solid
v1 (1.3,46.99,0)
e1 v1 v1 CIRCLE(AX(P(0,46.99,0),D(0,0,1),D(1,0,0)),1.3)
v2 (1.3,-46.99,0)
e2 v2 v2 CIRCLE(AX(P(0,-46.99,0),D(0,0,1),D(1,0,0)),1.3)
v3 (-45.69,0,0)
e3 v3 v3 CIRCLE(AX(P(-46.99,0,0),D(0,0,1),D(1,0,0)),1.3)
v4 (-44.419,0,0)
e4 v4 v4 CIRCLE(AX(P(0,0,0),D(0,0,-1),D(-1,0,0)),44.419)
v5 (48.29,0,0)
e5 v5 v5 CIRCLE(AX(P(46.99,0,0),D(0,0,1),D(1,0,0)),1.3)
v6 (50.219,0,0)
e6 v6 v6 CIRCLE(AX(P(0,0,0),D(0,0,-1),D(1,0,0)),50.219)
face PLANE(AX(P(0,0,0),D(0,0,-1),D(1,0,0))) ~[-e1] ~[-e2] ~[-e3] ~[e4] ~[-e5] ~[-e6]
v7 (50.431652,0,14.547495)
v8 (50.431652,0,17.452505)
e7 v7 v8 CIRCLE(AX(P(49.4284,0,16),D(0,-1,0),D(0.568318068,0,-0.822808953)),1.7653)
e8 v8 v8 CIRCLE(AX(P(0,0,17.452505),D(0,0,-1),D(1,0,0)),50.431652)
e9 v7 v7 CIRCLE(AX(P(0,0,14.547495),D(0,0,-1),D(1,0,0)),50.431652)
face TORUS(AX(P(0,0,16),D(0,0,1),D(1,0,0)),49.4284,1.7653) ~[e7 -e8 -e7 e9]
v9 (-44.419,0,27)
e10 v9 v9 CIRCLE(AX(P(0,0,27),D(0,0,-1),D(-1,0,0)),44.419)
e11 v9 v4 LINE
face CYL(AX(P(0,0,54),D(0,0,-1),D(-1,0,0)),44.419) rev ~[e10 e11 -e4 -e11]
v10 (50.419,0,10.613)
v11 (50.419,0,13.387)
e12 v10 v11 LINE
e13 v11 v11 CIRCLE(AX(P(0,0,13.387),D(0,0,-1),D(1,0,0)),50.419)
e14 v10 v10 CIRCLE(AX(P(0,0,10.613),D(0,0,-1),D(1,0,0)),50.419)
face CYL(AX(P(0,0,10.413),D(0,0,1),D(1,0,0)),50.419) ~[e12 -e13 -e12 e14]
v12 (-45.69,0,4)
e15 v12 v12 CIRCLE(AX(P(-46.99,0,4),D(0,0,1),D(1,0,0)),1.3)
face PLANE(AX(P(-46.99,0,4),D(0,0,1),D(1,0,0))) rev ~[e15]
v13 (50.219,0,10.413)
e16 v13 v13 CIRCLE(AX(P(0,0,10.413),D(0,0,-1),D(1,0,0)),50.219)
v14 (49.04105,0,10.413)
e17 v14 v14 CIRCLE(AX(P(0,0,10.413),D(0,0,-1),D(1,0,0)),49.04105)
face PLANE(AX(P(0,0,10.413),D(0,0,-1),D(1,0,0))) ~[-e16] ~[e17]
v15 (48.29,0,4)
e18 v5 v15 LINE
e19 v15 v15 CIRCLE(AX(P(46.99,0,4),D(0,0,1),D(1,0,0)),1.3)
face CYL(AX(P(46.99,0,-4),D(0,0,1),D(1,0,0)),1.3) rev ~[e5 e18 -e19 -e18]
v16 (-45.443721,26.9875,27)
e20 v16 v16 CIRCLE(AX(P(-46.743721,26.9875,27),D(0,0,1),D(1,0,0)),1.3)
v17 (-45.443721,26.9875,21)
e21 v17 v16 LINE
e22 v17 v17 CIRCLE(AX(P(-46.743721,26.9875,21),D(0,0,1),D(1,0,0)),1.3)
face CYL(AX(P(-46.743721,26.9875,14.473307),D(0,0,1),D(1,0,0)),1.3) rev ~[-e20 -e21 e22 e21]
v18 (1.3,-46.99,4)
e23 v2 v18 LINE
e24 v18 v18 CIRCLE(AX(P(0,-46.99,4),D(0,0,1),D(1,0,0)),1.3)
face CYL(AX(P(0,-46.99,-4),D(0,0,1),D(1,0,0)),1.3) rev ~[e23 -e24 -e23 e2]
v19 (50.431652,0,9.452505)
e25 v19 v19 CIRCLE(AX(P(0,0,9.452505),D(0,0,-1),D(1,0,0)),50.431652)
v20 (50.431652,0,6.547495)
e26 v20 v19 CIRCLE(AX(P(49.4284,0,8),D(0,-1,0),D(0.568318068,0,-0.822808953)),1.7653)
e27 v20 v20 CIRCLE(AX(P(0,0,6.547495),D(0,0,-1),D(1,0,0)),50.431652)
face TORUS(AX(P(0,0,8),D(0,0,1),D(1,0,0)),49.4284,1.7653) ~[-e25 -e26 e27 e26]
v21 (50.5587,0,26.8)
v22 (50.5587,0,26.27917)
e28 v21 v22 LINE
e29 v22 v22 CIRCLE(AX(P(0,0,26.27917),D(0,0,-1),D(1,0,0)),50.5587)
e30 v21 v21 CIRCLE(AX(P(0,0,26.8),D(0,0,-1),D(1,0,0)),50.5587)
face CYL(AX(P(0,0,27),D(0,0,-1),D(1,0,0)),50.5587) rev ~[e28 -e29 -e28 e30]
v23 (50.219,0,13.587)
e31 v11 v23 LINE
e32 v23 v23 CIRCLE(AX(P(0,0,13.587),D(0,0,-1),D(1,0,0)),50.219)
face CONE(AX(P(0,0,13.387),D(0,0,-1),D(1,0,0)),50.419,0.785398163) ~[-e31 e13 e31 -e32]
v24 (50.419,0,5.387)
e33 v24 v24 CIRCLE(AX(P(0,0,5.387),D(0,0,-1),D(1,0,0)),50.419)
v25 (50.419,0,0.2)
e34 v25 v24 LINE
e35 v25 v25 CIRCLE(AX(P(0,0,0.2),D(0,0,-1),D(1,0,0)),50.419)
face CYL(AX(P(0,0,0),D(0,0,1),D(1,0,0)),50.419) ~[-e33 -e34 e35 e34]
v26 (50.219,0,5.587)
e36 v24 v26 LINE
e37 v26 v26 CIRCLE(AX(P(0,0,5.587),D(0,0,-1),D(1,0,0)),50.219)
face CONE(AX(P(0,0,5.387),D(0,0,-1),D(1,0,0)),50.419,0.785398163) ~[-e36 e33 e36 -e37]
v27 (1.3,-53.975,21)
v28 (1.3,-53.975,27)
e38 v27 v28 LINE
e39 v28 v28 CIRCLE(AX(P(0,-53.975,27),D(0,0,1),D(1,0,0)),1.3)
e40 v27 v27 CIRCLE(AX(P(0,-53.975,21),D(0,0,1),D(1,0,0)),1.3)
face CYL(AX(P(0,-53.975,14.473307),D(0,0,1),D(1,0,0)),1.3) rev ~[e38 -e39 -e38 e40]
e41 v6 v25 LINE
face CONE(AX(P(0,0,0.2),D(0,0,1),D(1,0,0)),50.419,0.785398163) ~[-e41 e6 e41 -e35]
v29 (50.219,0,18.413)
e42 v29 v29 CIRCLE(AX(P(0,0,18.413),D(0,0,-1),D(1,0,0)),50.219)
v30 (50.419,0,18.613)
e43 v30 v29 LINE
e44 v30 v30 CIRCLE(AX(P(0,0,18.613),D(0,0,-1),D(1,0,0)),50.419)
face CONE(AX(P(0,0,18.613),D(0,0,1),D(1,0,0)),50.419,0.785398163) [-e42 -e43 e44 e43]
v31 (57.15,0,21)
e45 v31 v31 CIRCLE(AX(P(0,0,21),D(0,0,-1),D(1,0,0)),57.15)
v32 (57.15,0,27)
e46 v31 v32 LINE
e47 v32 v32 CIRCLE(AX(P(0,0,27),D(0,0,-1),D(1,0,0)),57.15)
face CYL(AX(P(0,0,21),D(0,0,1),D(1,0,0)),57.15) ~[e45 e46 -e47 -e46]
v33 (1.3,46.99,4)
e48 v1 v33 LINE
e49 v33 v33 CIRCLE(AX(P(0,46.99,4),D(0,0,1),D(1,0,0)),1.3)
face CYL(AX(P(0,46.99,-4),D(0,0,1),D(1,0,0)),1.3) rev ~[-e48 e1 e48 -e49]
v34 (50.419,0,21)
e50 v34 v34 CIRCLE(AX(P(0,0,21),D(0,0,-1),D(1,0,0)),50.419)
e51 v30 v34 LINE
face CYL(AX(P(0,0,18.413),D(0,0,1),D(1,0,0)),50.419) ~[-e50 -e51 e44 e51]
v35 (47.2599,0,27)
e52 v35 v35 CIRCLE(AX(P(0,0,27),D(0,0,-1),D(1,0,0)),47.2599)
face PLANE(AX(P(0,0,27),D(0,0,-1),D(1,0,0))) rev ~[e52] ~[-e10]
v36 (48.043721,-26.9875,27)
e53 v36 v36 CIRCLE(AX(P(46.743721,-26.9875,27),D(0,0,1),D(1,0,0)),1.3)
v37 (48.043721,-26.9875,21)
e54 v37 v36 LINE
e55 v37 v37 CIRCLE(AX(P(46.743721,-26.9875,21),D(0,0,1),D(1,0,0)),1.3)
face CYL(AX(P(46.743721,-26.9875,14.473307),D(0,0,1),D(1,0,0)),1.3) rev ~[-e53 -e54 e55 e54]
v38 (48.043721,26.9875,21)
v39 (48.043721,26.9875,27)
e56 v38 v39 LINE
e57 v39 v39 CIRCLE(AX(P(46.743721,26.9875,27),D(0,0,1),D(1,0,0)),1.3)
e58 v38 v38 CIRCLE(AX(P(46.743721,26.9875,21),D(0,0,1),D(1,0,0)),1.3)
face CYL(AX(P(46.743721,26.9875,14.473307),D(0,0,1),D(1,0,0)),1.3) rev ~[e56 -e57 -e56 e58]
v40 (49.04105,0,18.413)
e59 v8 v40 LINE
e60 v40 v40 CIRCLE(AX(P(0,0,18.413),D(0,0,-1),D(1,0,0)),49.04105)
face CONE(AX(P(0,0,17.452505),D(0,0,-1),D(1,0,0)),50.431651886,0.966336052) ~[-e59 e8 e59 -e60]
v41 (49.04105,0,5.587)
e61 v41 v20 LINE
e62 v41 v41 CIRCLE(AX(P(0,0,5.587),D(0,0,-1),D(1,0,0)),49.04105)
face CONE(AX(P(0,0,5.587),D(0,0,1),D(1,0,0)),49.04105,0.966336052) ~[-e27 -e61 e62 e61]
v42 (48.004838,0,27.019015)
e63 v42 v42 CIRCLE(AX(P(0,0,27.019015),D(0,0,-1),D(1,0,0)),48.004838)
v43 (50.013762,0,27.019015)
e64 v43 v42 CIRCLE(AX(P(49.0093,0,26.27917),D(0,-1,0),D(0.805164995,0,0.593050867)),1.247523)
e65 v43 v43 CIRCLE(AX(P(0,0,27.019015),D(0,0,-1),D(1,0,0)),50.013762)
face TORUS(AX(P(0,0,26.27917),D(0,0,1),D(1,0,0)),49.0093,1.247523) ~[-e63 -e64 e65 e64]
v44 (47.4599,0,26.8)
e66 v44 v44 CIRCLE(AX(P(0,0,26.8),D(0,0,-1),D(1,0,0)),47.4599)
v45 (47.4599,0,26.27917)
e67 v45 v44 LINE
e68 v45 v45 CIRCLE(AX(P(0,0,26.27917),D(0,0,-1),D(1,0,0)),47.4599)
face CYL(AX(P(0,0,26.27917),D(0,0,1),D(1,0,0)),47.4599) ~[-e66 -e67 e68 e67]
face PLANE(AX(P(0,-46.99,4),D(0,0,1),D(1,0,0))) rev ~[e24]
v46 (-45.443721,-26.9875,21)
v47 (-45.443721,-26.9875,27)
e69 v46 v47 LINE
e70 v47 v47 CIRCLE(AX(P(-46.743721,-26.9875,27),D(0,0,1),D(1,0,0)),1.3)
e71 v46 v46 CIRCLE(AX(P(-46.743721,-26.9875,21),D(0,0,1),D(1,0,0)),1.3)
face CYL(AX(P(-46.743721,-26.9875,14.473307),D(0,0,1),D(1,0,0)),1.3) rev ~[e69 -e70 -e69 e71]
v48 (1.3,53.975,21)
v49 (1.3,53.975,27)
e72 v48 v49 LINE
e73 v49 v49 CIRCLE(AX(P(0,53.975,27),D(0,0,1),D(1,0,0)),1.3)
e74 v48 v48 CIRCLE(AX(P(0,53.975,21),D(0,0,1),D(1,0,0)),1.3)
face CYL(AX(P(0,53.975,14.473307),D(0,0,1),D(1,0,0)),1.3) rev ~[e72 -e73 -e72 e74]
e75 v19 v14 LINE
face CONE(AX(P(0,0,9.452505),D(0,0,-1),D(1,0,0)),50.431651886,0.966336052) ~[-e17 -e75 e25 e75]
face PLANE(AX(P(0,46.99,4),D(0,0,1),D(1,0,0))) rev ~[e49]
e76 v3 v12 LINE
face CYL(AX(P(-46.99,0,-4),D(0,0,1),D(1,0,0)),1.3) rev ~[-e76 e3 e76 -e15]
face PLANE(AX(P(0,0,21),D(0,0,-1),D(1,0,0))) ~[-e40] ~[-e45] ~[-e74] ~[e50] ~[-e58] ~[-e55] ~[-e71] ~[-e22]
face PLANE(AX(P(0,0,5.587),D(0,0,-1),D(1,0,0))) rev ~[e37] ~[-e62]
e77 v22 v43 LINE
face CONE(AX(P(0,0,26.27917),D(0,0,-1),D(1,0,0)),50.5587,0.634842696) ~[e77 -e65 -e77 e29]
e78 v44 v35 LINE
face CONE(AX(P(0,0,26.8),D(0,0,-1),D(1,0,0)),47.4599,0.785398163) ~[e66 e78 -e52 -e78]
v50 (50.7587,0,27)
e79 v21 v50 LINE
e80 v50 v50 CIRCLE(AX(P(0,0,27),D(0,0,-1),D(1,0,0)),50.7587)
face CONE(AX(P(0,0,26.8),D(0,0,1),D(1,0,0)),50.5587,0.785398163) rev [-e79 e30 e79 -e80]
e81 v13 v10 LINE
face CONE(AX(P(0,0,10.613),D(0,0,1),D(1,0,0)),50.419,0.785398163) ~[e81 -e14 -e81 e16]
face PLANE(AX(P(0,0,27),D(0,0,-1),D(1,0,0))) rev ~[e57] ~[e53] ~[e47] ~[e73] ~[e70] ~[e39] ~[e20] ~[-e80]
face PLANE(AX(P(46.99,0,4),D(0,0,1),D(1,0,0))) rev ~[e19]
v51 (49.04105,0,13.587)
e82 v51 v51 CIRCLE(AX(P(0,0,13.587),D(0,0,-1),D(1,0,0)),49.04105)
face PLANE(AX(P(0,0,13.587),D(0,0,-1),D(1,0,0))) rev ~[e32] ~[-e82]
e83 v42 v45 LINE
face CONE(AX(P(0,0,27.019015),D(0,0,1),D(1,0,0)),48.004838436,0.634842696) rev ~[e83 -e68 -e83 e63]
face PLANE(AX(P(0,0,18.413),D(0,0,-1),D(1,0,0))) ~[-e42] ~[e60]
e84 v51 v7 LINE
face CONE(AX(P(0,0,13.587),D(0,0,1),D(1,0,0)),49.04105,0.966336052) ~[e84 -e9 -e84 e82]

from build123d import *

# Parameters (mm, degrees)
HOLE_WIZARD_2_6_2_6_1_D     = 2.6
HOLE_WIZARD_2_6_2_6_1_DEPTH = 4
HOLE_WIZARD_2_6_2_6_2_D     = 2.6
HOLE_WIZARD_2_6_2_6_2_DEPTH = 6.526692879
HOLE_WIZARD_M80_1_D         = 88.838
HOLE_WIZARD_M80_1_DEPTH     = 27
CHAMFER_1_SIZE              = 0.2


with BuildPart() as part:
    # 草图1 → 旋转1 (revolve)
    with BuildSketch(Plane.XZ):
        with BuildLine():
            Line((47.2599, 27), (0, 27))
            Line((0, 27), (0, 0))
            Line((0, 0), (50.419, 0))
            Line((50.419, 0), (50.419, 5.587))
            Line((50.419, 5.587), (49.04105, 5.587))
            Line((49.04105, 5.587), (50.431651886, 6.547495355))
            ThreePointArc((50.431651886, 6.547495355), (51.1937, 8), (50.431651886, 9.452504645))
            Line((50.431651886, 9.452504645), (49.04105, 10.413))
            Line((49.04105, 10.413), (50.419, 10.413))
            Line((50.419, 10.413), (50.419, 13.587))
            Line((50.419, 13.587), (49.04105, 13.587))
            Line((49.04105, 13.587), (50.431651886, 14.547495355))
            ThreePointArc((50.431651886, 14.547495355), (51.1937, 16), (50.431651886, 17.452504645))
            Line((50.431651886, 17.452504645), (49.04105, 18.413))
            Line((49.04105, 18.413), (50.419, 18.413))
            Line((50.419, 18.413), (50.419, 21))
            Line((50.419, 21), (57.15, 21))
            Line((57.15, 21), (57.15, 27))
            Line((57.15, 27), (50.5587, 27))
            Line((50.5587, 27), (50.5587, 26.279170235))
            Line((50.5587, 26.279170235), (50.013761564, 27.01901462))
            ThreePointArc((50.013761564, 27.01901462), (49.0093, 27.526692879), (48.004838436, 27.01901462))
            Line((48.004838436, 27.01901462), (47.4599, 26.279170235))
            Line((47.4599, 26.279170235), (47.4599, 26.8))
            Line((47.4599, 26.8), (47.2599, 27))
        make_face()
    revolve(axis=Axis((0, 0, 27.526692879), (0, 0, -1)))

    # Ø2.6 (2.6) 直径孔1
    with Locations(Plane(origin=(0, 0, 0), x_dir=(-1, 0, 0), z_dir=(0, 0, -1))):
        with Locations((-46.99, 0), (0, 46.99), (46.99, 0), (0, -46.99)):
            Hole(HOLE_WIZARD_2_6_2_6_1_D / 2, depth=HOLE_WIZARD_2_6_2_6_1_DEPTH)

    # Ø2.6 (2.6) 直径孔2
    with Locations(Plane(origin=(0, 0, 21), x_dir=(-1, 0, 0), z_dir=(0, 0, -1))):
        with Locations((0, 53.975), (-46.743721169, 26.9875), (-46.743721169, -26.9875), (0, -53.975), (46.743721169, -26.9875), (46.743721169, 26.9875)):
            Hole(HOLE_WIZARD_2_6_2_6_2_D / 2, depth=HOLE_WIZARD_2_6_2_6_2_DEPTH)

    # M80 间隙孔1
    with Locations(Plane.XY.offset(27)):
        with Locations((0, 0)):
            Hole(HOLE_WIZARD_M80_1_D / 2, depth=HOLE_WIZARD_M80_1_DEPTH)

    # 倒角1
    chamfer_1_edges = [part.edges().sort_by_distance(p)[0] for p in [
        (-50.5587, 0, 27),
        (-50.419, 0, 18.413),
        (-50.419, 0, 13.587),
        (-50.419, 0, 10.413),
        (-50.419, 0, 5.587),
        (-50.419, 0, 0),
    ]]
    chamfer(chamfer_1_edges, length=CHAMFER_1_SIZE)


solid = part.part
